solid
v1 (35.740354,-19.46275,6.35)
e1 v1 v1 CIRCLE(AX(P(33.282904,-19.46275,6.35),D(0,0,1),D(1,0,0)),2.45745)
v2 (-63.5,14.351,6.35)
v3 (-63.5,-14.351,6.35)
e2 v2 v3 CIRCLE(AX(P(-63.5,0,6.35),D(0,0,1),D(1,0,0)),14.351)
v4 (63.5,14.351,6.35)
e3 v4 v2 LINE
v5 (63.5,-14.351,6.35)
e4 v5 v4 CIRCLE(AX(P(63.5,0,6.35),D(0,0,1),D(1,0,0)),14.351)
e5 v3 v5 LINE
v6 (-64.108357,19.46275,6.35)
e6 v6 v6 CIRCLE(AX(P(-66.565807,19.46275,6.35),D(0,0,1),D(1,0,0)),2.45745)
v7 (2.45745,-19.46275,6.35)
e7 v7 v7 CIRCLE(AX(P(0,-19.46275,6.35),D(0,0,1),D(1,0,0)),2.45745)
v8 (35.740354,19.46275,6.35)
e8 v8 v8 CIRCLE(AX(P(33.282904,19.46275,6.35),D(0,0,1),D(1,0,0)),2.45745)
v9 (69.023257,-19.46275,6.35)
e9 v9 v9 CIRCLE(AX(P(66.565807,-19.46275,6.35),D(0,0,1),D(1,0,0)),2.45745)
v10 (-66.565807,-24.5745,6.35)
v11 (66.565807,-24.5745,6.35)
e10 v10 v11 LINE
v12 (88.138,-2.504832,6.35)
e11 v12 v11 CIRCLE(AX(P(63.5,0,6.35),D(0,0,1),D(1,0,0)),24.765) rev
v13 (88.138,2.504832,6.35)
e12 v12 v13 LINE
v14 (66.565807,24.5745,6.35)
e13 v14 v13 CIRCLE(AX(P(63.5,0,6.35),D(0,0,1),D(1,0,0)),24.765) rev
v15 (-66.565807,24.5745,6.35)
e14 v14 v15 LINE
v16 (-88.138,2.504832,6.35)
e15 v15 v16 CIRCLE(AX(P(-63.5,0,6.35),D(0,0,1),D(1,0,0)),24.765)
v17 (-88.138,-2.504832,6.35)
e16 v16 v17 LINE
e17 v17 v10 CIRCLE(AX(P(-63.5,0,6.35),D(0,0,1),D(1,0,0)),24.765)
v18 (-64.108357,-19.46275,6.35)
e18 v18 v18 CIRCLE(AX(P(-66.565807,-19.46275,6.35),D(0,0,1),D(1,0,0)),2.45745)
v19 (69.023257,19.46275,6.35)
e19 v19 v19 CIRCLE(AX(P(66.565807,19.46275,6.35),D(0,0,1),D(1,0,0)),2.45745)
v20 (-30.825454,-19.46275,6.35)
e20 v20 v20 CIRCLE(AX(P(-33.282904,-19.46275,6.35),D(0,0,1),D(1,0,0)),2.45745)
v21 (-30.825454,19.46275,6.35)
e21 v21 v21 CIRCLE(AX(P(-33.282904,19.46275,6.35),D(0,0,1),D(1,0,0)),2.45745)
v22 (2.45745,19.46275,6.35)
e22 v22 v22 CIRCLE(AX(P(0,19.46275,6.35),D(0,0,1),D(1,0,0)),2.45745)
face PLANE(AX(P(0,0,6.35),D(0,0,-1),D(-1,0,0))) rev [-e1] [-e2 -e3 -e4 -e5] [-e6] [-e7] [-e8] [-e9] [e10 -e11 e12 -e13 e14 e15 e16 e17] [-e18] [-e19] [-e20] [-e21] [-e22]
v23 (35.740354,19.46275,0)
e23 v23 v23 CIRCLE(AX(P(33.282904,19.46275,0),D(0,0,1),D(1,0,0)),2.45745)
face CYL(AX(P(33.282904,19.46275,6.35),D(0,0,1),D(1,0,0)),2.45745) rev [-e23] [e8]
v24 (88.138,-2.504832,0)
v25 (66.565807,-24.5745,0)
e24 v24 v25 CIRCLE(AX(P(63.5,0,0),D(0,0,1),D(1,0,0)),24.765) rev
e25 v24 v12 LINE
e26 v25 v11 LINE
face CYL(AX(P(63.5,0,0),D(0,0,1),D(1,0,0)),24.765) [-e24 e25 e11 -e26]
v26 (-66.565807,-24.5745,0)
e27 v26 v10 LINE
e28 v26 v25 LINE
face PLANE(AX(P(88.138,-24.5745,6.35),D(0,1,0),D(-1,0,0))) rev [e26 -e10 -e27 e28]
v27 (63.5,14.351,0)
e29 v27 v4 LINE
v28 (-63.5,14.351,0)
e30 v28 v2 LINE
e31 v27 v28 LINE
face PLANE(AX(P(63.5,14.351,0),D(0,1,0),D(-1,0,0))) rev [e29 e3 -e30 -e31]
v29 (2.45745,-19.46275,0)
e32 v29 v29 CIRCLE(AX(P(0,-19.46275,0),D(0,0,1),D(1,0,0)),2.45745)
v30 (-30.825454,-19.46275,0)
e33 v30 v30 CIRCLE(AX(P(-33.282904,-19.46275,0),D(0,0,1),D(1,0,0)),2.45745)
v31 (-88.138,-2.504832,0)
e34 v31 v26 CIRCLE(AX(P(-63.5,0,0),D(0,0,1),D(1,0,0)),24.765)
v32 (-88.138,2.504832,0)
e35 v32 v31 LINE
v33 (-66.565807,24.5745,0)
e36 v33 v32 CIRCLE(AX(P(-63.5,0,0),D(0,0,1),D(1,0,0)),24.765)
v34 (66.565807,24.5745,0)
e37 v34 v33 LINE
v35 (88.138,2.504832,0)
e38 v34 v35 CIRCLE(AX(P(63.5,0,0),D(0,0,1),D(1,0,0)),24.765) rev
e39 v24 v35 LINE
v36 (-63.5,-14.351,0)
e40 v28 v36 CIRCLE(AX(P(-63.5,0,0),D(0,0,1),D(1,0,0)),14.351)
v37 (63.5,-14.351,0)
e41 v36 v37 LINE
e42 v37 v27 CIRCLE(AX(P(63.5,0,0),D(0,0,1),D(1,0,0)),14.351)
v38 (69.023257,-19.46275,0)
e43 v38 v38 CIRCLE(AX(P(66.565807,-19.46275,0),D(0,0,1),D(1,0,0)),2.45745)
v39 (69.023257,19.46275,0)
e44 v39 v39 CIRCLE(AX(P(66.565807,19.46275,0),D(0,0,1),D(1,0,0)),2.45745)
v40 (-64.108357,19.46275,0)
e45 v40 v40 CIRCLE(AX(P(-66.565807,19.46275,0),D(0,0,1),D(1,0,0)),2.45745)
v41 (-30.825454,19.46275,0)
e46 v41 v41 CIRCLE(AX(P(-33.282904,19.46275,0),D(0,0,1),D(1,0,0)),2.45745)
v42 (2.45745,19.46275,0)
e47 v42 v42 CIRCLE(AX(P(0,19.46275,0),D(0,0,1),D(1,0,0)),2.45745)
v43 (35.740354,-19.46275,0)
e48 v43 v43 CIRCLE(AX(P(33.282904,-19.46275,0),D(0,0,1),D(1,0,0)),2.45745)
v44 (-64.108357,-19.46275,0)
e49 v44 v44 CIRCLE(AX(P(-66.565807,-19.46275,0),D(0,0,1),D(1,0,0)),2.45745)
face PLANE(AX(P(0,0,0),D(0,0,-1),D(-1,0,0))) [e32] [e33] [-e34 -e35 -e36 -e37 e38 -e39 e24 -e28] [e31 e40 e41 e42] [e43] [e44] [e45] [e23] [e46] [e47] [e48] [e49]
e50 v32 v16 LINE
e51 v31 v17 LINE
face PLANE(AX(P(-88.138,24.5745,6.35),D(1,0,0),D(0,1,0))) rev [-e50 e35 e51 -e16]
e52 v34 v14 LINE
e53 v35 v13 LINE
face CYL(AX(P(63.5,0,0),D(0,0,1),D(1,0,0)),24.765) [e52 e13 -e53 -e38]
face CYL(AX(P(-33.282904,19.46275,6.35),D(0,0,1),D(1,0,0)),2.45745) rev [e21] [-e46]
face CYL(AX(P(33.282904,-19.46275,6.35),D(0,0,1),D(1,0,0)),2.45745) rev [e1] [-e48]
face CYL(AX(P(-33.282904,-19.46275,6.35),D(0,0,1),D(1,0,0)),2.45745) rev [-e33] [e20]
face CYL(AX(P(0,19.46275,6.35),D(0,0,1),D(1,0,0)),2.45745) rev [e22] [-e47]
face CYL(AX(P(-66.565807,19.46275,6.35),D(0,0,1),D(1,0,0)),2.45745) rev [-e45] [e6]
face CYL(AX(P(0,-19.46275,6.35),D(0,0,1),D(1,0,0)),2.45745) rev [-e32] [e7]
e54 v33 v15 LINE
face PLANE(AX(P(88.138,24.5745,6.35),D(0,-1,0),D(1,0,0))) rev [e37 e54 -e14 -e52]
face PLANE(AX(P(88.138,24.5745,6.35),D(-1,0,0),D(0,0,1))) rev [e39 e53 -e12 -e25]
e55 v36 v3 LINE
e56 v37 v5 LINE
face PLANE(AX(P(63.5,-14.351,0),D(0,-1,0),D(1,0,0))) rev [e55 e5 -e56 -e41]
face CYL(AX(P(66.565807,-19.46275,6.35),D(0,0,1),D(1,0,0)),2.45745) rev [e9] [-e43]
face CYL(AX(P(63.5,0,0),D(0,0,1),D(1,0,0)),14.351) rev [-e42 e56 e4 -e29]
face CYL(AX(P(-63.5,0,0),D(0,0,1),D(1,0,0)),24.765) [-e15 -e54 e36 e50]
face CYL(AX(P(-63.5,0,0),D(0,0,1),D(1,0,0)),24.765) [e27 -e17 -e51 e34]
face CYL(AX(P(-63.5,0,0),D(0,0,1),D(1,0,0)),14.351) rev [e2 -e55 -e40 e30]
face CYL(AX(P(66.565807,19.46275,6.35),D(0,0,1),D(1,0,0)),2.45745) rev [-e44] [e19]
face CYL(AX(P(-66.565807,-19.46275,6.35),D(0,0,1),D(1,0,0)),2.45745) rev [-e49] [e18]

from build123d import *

# Parameters (mm, degrees)
SKETCH1_W                    = 176.276
SKETCH1_H                    = 49.149
BOSS_EXTRUDE1_DEPTH          = 6.35
CUT_EXTRUDE1_DEPTH           = 92.719875677
CUT_EXTRUDE4_DEPTH           = 92.719875677
F_10_0_1935_DIAMETER_HOLE1_D = 4.9149


with BuildPart() as part:
    # Sketch1 → Boss-Extrude1 (new body)
    with BuildSketch(Plane.XY):
        Rectangle(SKETCH1_W, SKETCH1_H)
    extrude(amount=BOSS_EXTRUDE1_DEPTH)

    # Sketch2 → Cut-Extrude1 (cut, through all)
    with BuildSketch(Plane.XY.offset(6.35)):
        with BuildLine():
            Line((63.5, -14.351), (-63.5, -14.351))
            ThreePointArc((-63.5, -14.351), (-77.851, 0), (-63.5, 14.351))
            Line((-63.5, 14.351), (63.5, 14.351))
            ThreePointArc((63.5, 14.351), (77.851, 0), (63.5, -14.351))
        make_face()
    extrude(amount=-CUT_EXTRUDE1_DEPTH, mode=Mode.SUBTRACT)

    # Sketch8 → Cut-Extrude4 (cut, through all)
    with BuildSketch(Plane.XY.offset(6.35)):
        with BuildLine():
            ThreePointArc((-88.138, 2.504831531), (-81.209963357, 17.310760321), (-66.565807357, 24.5745))
            Line((-66.565807357, 24.5745), (-88.138, 24.5745))
            Line((-88.138, 24.5745), (-88.138, 2.504831531))
        make_face()
        with BuildLine():
            ThreePointArc((-66.565807357, -24.5745), (-81.209963357, -17.310760321), (-88.138, -2.504831531))
            Line((-88.138, -2.504831531), (-88.138, -24.5745))
            Line((-88.138, -24.5745), (-66.565807357, -24.5745))
        make_face()
        with BuildLine():
            Line((88.138, 24.5745), (66.565807357, 24.5745))
            ThreePointArc((66.565807357, 24.5745), (81.209963357, 17.310760321), (88.138, 2.504831531))
            Line((88.138, 2.504831531), (88.138, 24.5745))
        make_face()
        with BuildLine():
            Line((88.138, -24.5745), (88.138, -2.504831531))
            ThreePointArc((88.138, -2.504831531), (81.209963357, -17.310760321), (66.565807357, -24.5745))
            Line((66.565807357, -24.5745), (88.138, -24.5745))
        make_face()
    extrude(amount=-CUT_EXTRUDE4_DEPTH, mode=Mode.SUBTRACT)

    # #10 (0.1935) Diameter Hole1 (through all)
    with Locations(Plane.XY.offset(6.35)):
        with Locations((-66.565807357, 19.46275), (-33.282903678, 19.46275), (0, 19.46275), (33.282903678, 19.46275), (66.565807357, 19.46275), (66.565807357, -19.46275), (33.282903678, -19.46275), (0, -19.46275), (-33.282903678, -19.46275), (-66.565807357, -19.46275)):
            Hole(F_10_0_1935_DIAMETER_HOLE1_D / 2)


solid = part.part
